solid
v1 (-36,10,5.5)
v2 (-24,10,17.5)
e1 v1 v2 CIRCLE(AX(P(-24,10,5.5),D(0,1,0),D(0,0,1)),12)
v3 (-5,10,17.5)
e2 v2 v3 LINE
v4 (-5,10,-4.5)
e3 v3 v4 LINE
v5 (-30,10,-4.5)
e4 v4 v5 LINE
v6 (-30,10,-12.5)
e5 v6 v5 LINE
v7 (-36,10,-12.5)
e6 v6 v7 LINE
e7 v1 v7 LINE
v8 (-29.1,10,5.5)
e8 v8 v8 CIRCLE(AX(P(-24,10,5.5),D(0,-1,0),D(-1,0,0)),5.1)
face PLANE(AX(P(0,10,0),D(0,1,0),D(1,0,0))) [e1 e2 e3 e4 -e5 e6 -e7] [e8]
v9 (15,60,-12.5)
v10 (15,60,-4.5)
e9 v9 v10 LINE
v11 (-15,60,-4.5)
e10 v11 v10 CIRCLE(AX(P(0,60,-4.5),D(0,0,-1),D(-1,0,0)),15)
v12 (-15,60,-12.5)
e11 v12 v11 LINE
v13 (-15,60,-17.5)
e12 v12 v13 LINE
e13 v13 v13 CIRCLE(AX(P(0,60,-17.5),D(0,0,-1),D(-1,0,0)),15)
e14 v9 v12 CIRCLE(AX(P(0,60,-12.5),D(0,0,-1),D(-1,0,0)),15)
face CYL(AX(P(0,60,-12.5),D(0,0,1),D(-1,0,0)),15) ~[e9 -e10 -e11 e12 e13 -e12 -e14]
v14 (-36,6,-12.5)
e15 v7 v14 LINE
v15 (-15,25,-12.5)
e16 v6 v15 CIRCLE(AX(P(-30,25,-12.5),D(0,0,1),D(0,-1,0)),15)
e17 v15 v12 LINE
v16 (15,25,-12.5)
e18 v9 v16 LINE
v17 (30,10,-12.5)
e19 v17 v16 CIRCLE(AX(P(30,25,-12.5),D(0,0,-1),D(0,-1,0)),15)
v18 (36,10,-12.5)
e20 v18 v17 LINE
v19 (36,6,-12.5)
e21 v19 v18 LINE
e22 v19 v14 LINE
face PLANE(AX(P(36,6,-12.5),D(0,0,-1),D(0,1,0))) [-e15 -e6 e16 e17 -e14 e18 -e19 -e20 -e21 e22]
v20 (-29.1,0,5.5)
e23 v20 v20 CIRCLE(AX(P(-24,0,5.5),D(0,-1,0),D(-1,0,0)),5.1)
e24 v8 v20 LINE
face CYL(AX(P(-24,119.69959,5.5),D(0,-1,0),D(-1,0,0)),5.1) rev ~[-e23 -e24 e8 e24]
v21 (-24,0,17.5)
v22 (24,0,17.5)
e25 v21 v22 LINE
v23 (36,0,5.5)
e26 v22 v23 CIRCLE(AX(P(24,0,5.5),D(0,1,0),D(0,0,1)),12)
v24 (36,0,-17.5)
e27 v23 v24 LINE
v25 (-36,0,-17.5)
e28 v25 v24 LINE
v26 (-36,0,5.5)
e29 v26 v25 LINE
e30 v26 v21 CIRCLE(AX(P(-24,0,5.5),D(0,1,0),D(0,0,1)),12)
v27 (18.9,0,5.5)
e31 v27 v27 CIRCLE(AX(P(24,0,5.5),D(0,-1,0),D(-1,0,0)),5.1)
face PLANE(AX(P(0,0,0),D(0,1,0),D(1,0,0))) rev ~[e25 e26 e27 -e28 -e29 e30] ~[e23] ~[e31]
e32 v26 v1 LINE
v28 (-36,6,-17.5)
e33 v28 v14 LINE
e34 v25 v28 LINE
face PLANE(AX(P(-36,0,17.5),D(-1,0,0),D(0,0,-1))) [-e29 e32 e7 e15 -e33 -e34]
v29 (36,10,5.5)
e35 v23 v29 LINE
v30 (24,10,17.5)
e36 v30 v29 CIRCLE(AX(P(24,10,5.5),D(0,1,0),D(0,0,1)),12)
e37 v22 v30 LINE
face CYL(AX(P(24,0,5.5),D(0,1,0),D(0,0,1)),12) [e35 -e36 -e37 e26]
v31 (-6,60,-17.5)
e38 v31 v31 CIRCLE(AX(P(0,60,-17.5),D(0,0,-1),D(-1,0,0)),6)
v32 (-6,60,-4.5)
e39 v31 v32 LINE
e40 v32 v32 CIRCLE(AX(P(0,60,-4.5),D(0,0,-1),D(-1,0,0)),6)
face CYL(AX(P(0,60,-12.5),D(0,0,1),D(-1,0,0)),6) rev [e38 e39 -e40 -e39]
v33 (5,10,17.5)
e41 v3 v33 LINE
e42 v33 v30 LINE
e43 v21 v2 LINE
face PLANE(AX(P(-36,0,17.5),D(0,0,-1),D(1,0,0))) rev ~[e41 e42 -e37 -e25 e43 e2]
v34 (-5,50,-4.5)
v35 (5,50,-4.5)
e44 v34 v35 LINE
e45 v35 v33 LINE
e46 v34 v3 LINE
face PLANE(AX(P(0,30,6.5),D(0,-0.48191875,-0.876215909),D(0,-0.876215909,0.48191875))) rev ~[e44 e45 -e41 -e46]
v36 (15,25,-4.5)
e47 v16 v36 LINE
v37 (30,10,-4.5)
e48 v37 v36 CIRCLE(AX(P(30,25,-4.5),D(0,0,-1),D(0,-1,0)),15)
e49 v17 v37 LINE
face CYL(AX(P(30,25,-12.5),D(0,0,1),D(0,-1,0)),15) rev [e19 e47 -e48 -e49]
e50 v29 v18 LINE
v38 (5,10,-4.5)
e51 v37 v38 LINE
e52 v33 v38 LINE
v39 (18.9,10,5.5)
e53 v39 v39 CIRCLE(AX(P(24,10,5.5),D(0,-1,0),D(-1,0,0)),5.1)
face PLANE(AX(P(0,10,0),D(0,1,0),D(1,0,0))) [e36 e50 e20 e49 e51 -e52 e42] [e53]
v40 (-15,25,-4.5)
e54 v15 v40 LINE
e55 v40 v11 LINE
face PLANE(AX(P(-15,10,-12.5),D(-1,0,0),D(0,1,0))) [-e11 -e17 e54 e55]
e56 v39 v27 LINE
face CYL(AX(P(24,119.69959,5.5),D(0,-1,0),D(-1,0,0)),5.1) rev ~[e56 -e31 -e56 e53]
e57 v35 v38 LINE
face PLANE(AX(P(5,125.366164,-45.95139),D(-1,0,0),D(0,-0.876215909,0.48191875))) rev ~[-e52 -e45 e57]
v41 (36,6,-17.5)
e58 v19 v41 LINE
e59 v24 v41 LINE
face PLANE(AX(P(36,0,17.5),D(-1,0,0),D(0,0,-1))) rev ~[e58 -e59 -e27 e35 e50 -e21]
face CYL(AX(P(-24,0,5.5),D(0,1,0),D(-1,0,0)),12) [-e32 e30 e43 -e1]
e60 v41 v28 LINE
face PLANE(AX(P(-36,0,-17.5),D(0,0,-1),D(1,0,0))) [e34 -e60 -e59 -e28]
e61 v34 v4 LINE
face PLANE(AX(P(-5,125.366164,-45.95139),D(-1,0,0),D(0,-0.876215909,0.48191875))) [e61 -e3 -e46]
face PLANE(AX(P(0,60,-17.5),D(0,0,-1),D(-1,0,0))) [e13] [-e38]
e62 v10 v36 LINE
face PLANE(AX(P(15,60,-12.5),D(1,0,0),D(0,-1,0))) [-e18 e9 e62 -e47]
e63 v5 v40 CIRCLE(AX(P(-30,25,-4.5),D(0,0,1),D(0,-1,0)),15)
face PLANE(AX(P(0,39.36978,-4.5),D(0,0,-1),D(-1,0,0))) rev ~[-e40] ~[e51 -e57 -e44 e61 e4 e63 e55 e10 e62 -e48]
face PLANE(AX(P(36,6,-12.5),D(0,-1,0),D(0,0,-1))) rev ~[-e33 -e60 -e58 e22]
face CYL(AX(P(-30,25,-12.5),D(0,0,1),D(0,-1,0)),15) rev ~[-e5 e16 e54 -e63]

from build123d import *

# Parameters (mm, degrees)
SKETCH1_W           = 72
SKETCH1_H           = 35
BOSS_EXTRUDE1_DEPTH = 10
FILLET1_R           = 12
SKETCH3_W           = 5
SKETCH3_H           = 4
CUT_EXTRUDE1_DEPTH  = 75.767974428
SKETCH4_R           = 6
BOSS_EXTRUDE2_DEPTH = 8
FILLET2_R           = 15
M12_TAPPED_HOLE1_D  = 10.2
SKETCH7_R           = 15
SKETCH7_R_2         = 6
BOSS_EXTRUDE3_DEPTH = 5
RIB1_REACH          = 87.013
SKETCH8_WALL_W      = 217.67731737
SKETCH8_WALL_H      = 10


with BuildPart() as part:
    # Sketch1 → Boss-Extrude1 (new body)
    with BuildSketch(Plane(origin=(0, 0, 0), x_dir=(1, 0, 0), z_dir=(0, 1, 0))):
        Rectangle(SKETCH1_W, SKETCH1_H)
    extrude(amount=BOSS_EXTRUDE1_DEPTH)

    # Fillet1
    fillet1_edges = [part.edges().sort_by_distance(p)[0] for p in [
        (36, 5, 17.5),
        (-36, 5, 17.5),
    ]]
    fillet(fillet1_edges, radius=FILLET1_R)

    # Sketch3 → Cut-Extrude1 (cut, through all)
    with BuildSketch(Plane(origin=(36, 0, 0), x_dir=(0, 0, -1), z_dir=(1, 0, 0))):
        with Locations((15, 8)):
            Rectangle(SKETCH3_W, SKETCH3_H)
    extrude(amount=-CUT_EXTRUDE1_DEPTH, mode=Mode.SUBTRACT)

    # Sketch4 → Boss-Extrude2 (add)
    with BuildSketch(Plane(origin=(0, 0, -12.5), x_dir=(-1, 0, 0), z_dir=(0, 0, -1))):
        with BuildLine():
            Line((-15, 10), (15, 10))
            Line((15, 10), (15, 60))
            ThreePointArc((15, 60), (0, 75), (-15, 60))
            Line((-15, 60), (-15, 10))
        make_face()
        with Locations((0, 60)):
            Circle(SKETCH4_R, mode=Mode.SUBTRACT)
    extrude(amount=-BOSS_EXTRUDE2_DEPTH)

    # Fillet2
    fillet2_edges = [part.edges().sort_by_distance(p)[0] for p in [
        (15, 10, -8.5),
        (-15, 10, -8.5),
    ]]
    fillet(fillet2_edges, radius=FILLET2_R)

    # M12 Tapped Hole1 (through all)
    with Locations(Plane(origin=(0, 10, 0), x_dir=(1, 0, 0), z_dir=(0, 1, 0))):
        with Locations((-24, -5.5), (24, -5.5)):
            Hole(M12_TAPPED_HOLE1_D / 2)

    # Sketch7 → Boss-Extrude3 (add)
    with BuildSketch(Plane(origin=(0, 0, -12.5), x_dir=(-1, 0, 0), z_dir=(0, 0, -1))):
        with Locations((0, 60)):
            Circle(SKETCH7_R)
        with Locations((0, 60)):
            Circle(SKETCH7_R_2, mode=Mode.SUBTRACT)
    extrude(amount=BOSS_EXTRUDE3_DEPTH)

    # Sketch8 wall → Rib1 (add, up to next)
    with BuildSketch(Plane(origin=(0, 30, 6.5), x_dir=(0, -0.876215908677, 0.481918749772), z_dir=(0, -0.481918749772, -0.876215908677)), mode=Mode.PRIVATE) as rib1_sk1:
        Rectangle(SKETCH8_WALL_W, SKETCH8_WALL_H)
    rib1_tool1 = extrude(rib1_sk1.sketch, amount=RIB1_REACH, mode=Mode.PRIVATE) - part.part
    add(rib1_tool1.solids().sort_by_distance((0, 30, 6.5))[0])


solid = part.part
